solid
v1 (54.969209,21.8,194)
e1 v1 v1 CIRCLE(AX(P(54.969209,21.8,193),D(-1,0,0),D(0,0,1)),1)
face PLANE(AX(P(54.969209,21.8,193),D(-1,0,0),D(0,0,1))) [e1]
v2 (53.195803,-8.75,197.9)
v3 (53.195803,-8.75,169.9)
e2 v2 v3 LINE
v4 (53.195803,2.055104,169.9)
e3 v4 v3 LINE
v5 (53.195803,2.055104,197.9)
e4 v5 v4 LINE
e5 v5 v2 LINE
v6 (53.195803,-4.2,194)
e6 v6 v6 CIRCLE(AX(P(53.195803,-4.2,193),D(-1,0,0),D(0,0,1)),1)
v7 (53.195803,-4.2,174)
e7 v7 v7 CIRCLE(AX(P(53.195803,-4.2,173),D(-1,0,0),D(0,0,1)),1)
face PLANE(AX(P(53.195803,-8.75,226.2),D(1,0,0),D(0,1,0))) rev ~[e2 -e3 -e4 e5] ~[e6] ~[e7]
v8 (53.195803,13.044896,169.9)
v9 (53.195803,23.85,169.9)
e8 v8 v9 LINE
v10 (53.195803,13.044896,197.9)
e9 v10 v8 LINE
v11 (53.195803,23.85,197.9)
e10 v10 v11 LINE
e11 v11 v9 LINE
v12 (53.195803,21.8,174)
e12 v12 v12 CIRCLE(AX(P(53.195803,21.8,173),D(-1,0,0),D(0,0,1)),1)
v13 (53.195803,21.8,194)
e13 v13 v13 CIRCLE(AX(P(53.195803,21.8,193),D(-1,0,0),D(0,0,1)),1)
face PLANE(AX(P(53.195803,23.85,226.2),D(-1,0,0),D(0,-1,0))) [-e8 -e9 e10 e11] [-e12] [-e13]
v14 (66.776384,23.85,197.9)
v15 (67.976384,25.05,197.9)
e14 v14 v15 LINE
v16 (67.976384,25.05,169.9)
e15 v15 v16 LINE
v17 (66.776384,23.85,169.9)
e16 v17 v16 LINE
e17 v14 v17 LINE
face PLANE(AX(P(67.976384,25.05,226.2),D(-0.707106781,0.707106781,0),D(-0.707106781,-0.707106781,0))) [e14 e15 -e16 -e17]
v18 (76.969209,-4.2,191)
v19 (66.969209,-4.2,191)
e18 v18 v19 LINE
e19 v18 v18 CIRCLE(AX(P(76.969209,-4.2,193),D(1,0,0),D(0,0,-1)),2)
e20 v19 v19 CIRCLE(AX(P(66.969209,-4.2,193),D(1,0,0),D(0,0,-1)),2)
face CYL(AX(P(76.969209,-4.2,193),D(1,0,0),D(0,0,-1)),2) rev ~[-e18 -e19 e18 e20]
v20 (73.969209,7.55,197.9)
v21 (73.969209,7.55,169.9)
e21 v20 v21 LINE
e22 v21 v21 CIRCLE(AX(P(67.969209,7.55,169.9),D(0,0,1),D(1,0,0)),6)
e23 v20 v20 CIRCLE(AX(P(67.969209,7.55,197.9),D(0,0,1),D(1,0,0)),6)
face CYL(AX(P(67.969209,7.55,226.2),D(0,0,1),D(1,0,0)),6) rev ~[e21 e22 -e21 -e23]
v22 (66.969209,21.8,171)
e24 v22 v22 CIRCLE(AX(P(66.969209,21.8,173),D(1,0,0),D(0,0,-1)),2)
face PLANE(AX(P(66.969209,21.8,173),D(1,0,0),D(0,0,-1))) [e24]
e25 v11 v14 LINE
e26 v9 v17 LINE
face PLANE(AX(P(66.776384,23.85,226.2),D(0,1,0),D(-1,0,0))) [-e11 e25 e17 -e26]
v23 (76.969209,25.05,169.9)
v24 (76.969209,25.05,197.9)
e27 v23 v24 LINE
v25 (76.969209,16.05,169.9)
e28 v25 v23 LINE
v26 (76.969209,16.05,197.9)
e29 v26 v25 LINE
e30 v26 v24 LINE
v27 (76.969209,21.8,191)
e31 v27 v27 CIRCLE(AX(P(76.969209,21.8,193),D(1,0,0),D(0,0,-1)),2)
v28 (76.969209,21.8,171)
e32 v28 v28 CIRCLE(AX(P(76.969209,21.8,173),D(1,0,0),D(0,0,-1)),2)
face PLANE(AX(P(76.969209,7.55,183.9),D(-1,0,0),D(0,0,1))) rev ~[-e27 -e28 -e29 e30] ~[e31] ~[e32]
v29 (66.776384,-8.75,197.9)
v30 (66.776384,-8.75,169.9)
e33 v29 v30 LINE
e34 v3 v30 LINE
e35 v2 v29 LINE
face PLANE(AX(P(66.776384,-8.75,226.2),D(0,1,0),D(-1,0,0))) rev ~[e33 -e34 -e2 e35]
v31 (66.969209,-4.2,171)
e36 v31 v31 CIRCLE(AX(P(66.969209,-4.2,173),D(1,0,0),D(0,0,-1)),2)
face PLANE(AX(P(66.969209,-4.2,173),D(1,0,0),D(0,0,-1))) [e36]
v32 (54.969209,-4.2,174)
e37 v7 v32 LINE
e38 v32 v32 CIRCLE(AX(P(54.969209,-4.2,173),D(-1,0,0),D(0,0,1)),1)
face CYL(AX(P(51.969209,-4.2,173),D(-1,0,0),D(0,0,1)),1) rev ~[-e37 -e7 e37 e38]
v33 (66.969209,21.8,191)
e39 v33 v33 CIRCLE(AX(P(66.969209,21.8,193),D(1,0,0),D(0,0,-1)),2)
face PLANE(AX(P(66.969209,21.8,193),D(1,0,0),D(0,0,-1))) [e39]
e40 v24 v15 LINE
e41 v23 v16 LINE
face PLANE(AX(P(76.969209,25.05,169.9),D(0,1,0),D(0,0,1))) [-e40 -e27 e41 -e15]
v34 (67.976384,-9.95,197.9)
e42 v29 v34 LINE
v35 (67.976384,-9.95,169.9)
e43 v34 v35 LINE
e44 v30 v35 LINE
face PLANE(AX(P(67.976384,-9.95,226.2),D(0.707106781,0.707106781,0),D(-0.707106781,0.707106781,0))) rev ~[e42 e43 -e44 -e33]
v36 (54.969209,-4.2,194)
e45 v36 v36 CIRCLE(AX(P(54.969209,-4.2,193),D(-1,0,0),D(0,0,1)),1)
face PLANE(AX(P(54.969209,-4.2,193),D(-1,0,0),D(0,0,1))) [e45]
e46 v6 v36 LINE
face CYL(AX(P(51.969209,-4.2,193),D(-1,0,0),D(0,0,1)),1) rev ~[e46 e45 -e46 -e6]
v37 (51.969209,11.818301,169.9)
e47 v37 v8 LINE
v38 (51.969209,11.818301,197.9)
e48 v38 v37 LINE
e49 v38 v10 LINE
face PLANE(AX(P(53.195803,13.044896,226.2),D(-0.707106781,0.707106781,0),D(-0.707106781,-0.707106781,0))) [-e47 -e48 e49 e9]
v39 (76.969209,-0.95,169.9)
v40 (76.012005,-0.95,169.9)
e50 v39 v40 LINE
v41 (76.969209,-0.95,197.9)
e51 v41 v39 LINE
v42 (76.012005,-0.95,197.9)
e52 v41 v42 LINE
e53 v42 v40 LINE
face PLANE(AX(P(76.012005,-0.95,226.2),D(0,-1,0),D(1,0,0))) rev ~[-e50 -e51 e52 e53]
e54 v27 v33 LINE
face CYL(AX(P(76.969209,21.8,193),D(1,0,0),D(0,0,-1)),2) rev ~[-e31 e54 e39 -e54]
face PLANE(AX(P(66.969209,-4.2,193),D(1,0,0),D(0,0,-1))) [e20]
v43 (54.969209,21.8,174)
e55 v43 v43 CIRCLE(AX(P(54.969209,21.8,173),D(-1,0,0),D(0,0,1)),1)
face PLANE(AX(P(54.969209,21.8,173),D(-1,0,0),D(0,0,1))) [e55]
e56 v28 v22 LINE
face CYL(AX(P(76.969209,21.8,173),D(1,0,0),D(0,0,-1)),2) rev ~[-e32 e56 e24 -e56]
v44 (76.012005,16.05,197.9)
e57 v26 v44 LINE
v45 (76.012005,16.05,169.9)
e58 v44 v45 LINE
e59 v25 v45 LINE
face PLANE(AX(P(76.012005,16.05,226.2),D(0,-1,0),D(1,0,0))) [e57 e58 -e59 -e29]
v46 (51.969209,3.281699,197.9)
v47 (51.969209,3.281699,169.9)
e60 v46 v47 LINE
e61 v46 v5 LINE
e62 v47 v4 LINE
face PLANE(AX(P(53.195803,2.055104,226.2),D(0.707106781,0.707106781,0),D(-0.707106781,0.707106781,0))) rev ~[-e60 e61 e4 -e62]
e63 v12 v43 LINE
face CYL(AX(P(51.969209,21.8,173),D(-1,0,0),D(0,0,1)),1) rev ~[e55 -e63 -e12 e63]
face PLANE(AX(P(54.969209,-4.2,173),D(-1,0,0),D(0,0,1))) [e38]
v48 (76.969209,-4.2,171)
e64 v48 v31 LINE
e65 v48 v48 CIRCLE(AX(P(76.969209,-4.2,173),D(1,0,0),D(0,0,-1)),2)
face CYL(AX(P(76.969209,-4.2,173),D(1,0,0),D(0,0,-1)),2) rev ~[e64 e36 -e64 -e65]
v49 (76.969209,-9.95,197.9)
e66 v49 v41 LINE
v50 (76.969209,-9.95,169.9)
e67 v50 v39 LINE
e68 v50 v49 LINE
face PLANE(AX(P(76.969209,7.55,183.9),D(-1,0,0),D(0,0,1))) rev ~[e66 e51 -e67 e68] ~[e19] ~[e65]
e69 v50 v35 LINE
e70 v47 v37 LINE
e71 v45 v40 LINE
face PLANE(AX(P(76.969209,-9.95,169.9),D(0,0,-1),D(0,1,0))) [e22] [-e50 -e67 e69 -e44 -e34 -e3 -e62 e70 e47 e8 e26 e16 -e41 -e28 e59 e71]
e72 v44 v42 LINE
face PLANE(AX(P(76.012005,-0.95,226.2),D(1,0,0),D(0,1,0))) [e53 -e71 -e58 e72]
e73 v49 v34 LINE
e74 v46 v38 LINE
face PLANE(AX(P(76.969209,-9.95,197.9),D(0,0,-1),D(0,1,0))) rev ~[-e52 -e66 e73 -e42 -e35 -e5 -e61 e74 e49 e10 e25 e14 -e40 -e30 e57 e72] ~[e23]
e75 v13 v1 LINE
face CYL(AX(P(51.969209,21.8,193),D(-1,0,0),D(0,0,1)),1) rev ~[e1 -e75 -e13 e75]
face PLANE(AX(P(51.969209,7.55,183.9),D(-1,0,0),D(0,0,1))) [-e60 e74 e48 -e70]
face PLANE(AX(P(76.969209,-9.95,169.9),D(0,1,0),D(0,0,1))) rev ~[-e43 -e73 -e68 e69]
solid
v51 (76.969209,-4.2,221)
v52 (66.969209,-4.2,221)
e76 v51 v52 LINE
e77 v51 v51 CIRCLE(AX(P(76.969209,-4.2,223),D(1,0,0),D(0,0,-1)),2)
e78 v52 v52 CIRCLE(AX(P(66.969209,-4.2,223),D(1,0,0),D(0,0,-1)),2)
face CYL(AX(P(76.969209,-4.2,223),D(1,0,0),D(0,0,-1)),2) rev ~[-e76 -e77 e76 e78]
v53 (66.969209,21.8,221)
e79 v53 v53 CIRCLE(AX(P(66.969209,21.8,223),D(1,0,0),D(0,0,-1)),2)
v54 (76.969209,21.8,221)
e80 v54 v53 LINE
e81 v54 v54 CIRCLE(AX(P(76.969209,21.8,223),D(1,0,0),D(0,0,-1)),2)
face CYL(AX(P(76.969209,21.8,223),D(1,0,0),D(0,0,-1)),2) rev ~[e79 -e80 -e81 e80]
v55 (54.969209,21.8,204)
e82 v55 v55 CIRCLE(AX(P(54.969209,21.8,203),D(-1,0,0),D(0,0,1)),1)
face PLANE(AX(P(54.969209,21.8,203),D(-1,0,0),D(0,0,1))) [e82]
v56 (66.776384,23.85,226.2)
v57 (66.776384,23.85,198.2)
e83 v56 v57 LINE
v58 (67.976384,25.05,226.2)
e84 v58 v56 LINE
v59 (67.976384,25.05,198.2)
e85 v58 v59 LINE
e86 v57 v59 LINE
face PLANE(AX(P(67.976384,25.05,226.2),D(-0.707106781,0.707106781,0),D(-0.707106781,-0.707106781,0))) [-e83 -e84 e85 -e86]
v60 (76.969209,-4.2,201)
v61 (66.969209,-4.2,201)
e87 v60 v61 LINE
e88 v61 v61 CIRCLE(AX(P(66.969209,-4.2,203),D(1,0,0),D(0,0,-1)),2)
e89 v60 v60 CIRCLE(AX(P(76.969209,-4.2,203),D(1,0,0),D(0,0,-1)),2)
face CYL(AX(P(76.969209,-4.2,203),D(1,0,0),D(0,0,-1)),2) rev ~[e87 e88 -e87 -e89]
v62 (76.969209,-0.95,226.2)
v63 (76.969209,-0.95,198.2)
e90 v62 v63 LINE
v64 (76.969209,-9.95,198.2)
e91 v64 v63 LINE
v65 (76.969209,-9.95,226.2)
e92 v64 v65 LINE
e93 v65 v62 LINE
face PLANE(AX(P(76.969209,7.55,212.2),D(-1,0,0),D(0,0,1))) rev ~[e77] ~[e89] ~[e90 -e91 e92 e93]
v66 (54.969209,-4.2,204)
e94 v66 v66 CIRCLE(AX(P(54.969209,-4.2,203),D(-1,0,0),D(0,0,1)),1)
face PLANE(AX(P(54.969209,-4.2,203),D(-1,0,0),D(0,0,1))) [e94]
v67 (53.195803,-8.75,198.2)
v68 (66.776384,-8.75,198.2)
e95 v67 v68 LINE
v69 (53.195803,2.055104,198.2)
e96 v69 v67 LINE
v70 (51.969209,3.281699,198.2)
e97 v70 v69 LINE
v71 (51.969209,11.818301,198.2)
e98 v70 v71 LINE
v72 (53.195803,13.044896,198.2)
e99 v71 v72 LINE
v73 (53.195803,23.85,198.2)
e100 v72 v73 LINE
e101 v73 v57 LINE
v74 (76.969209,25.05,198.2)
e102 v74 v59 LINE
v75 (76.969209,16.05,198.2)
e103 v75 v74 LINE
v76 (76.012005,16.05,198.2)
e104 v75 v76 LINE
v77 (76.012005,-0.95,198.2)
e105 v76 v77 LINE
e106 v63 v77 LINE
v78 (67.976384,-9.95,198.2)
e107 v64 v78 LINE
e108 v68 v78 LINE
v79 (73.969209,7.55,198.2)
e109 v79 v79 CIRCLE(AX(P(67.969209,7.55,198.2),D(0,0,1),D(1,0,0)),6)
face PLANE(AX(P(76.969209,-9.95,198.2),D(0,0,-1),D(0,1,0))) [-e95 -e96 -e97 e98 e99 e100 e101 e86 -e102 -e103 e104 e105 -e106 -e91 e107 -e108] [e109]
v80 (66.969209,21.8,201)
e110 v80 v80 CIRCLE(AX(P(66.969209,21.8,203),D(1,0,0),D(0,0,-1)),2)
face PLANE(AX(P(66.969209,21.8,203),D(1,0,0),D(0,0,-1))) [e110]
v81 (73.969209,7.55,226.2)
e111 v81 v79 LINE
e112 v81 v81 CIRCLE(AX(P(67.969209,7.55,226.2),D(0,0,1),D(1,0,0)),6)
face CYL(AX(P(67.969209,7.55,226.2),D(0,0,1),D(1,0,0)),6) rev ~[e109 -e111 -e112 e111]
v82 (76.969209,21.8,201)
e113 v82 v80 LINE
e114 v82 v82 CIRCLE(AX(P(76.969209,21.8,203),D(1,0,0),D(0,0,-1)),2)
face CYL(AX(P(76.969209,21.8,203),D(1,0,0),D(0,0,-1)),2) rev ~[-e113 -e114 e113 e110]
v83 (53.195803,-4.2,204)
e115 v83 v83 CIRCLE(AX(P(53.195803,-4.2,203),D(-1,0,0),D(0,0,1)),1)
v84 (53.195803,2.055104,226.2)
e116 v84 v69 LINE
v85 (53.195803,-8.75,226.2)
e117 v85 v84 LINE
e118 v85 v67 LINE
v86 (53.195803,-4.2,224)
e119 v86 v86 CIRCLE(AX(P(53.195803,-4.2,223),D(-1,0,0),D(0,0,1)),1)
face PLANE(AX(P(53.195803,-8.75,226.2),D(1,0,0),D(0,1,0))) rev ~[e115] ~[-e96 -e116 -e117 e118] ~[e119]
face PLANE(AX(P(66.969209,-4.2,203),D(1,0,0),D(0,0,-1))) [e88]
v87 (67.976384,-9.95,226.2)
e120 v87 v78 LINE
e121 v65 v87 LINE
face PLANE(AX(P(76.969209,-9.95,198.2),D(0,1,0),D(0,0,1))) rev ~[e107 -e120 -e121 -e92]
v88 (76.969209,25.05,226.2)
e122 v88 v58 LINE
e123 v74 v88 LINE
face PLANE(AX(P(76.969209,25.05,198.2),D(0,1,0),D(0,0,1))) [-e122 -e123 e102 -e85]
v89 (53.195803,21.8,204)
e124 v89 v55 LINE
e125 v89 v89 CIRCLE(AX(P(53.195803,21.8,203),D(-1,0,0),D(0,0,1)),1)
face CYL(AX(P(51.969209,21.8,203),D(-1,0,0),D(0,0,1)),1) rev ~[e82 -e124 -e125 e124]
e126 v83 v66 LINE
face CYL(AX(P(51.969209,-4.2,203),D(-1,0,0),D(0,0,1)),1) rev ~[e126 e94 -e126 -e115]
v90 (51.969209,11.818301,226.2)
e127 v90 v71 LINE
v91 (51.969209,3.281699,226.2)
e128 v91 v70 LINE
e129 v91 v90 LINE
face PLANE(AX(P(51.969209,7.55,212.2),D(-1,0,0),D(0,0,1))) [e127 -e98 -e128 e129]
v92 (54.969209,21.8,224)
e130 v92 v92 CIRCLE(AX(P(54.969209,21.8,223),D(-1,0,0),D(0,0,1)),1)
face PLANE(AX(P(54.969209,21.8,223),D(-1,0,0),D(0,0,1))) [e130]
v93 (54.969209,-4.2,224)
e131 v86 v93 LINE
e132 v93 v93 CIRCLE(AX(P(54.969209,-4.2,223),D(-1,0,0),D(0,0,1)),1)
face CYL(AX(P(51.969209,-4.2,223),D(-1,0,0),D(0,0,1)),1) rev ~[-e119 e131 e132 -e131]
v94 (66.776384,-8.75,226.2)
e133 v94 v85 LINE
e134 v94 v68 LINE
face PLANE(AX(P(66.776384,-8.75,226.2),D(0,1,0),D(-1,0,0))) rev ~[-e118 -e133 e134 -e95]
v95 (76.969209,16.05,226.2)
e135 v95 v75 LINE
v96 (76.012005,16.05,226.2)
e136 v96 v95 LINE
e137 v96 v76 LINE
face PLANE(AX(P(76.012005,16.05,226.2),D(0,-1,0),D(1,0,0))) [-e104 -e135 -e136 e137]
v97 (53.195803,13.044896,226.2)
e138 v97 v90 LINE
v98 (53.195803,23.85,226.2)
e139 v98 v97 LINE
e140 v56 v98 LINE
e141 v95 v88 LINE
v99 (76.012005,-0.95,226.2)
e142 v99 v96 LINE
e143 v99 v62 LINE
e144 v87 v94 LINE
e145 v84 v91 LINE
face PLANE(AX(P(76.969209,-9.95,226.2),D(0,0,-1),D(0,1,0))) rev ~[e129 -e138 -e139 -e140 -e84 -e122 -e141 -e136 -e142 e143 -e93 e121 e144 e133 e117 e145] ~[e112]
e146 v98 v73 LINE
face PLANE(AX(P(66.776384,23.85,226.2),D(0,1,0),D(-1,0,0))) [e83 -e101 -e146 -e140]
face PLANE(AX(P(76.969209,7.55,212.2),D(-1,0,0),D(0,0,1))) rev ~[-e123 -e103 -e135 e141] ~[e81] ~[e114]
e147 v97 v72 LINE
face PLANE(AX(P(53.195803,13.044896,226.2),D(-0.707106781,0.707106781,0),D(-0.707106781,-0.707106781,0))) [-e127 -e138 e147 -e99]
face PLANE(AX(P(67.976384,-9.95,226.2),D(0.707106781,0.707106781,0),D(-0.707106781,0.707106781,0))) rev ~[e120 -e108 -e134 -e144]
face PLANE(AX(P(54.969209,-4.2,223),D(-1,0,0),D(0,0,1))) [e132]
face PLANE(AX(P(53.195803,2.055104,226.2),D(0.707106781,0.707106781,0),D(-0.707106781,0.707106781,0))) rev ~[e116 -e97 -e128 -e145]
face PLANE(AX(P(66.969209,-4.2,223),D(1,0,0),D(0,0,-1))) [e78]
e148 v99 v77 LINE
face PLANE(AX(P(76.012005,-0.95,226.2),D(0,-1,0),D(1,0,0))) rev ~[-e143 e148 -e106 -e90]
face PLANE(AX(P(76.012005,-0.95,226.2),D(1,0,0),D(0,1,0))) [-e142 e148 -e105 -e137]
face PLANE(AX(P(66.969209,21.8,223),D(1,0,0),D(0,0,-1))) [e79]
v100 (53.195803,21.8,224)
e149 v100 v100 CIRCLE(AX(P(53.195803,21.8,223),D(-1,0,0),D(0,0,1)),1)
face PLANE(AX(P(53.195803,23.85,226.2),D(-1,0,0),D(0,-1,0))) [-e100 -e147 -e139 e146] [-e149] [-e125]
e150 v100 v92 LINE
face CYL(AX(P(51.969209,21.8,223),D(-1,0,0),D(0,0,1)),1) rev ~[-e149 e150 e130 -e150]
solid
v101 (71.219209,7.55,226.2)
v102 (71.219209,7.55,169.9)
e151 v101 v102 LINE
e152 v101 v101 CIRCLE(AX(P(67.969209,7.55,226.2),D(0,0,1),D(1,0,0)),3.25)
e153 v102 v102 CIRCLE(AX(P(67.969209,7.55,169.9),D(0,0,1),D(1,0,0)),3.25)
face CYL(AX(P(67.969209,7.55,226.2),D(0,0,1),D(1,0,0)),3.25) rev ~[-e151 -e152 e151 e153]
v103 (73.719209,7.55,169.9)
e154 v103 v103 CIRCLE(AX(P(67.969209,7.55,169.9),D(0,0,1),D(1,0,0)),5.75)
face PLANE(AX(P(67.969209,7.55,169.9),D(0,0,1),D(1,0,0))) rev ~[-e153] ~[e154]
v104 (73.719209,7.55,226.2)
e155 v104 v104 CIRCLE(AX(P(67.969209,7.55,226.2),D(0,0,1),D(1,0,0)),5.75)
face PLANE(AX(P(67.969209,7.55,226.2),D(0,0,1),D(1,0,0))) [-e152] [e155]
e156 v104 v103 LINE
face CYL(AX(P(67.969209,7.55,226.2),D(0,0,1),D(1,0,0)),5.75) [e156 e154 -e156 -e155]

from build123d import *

# Parameters (mm, degrees)
SKETCH1_W             = 28
SKETCH1_H             = 35
BOSS_EXTRUDE1_DEPTH   = 25
BOSS_EXTRUDE1_2_DEPTH = 25
SKETCH4_R             = 2
CUT_EXTRUDE1_DEPTH    = 10
SKETCH5_R             = 1
CUT_EXTRUDE2_DEPTH    = 3
SKETCH6_R             = 6
CUT_EXTRUDE3_DEPTH    = 82
SKETCH7_W             = 0.957204126
SKETCH7_H             = 17
CUT_EXTRUDE4_DEPTH    = 82
CUT_EXTRUDE5_DEPTH    = 82
SKETCH9_R             = 5.75
SKETCH9_R_2           = 3.25
BOSS_EXTRUDE2_DEPTH   = 56.3


with BuildPart() as part:
    # Sketch1 → Boss-Extrude1 (new body)
    with BuildSketch(Plane.ZY.offset(-76.969208633)):
        with Locations((212.2, 7.55)):
            Rectangle(SKETCH1_W, SKETCH1_H)
    extrude(amount=BOSS_EXTRUDE1_DEPTH)


with BuildPart() as body_2:
    # Sketch1 → Boss-Extrude1 2 (new body)
    with BuildSketch(Plane.ZY.offset(-76.969208633)):
        with Locations((183.9, 7.55)):
            Rectangle(SKETCH1_W, SKETCH1_H)
    extrude(amount=BOSS_EXTRUDE1_2_DEPTH)


with BuildPart() as cut_extrude1_tool:
    # Sketch4 → Cut-Extrude1 (new body)
    with BuildSketch(Plane(origin=(76.969208633, 0, 0), x_dir=(0, 0, -1), z_dir=(1, 0, 0))):
        with Locations((-193, 21.8)):
            Circle(SKETCH4_R)
        with Locations((-173, 21.8)):
            Circle(SKETCH4_R)
        with Locations((-173, -4.2)):
            Circle(SKETCH4_R)
        with Locations((-193, -4.2)):
            Circle(SKETCH4_R)
        with Locations((-223, -4.2)):
            Circle(SKETCH4_R)
        with Locations((-203, -4.2)):
            Circle(SKETCH4_R)
        with Locations((-203, 21.8)):
            Circle(SKETCH4_R)
        with Locations((-223, 21.8)):
            Circle(SKETCH4_R)
    extrude(amount=-CUT_EXTRUDE1_DEPTH)


with BuildPart() as part_1:
    add(part.part)

    # Cut-Extrude1: cut by cut_extrude1_tool
    add(cut_extrude1_tool.part, mode=Mode.SUBTRACT)


with BuildPart() as body_2_1:
    add(body_2.part)

    # Cut-Extrude1: cut by cut_extrude1_tool
    add(cut_extrude1_tool.part, mode=Mode.SUBTRACT)


with BuildPart() as cut_extrude2_tool:
    # Sketch5 → Cut-Extrude2 (new body)
    with BuildSketch(Plane.ZY.offset(-51.969208633)):
        with Locations((223, 21.8)):
            Circle(SKETCH5_R)
        with Locations((223, -4.2)):
            Circle(SKETCH5_R)
        with Locations((203, -4.2)):
            Circle(SKETCH5_R)
        with Locations((203, 21.8)):
            Circle(SKETCH5_R)
        with Locations((193, 21.8)):
            Circle(SKETCH5_R)
        with Locations((193, -4.2)):
            Circle(SKETCH5_R)
        with Locations((173, -4.2)):
            Circle(SKETCH5_R)
        with Locations((173, 21.8)):
            Circle(SKETCH5_R)
    extrude(amount=-CUT_EXTRUDE2_DEPTH)


with BuildPart() as part_2:
    add(part_1.part)

    # Cut-Extrude2: cut by cut_extrude2_tool
    add(cut_extrude2_tool.part, mode=Mode.SUBTRACT)


with BuildPart() as body_2_2:
    add(body_2_1.part)

    # Cut-Extrude2: cut by cut_extrude2_tool
    add(cut_extrude2_tool.part, mode=Mode.SUBTRACT)


with BuildPart() as cut_extrude3_tool:
    # Sketch6 → Cut-Extrude3 (new body)
    with BuildSketch(Plane.XY.offset(226.2)):
        with Locations((67.969208633, 7.55)):
            Circle(SKETCH6_R)
    extrude(amount=-CUT_EXTRUDE3_DEPTH)


with BuildPart() as part_3:
    add(part_2.part)

    # Cut-Extrude3: cut by cut_extrude3_tool
    add(cut_extrude3_tool.part, mode=Mode.SUBTRACT)


with BuildPart() as body_2_3:
    add(body_2_2.part)

    # Cut-Extrude3: cut by cut_extrude3_tool
    add(cut_extrude3_tool.part, mode=Mode.SUBTRACT)


with BuildPart() as cut_extrude4_tool:
    # Sketch7 → Cut-Extrude4 (new body)
    with BuildSketch(Plane.XY.offset(226.2)):
        with Locations((76.49060657, 7.55)):
            Rectangle(SKETCH7_W, SKETCH7_H)
    extrude(amount=-CUT_EXTRUDE4_DEPTH)


with BuildPart() as part_4:
    add(part_3.part)

    # Cut-Extrude4: cut by cut_extrude4_tool
    add(cut_extrude4_tool.part, mode=Mode.SUBTRACT)


with BuildPart() as body_2_4:
    add(body_2_3.part)

    # Cut-Extrude4: cut by cut_extrude4_tool
    add(cut_extrude4_tool.part, mode=Mode.SUBTRACT)


with BuildPart() as cut_extrude5_tool:
    # Sketch8 → Cut-Extrude5 (new body)
    with BuildSketch(Plane.XY.offset(226.2)):
        Polygon((67.976384402, 25.05), (66.776384402, 23.85), (53.195802703, 23.85), (53.195802703, 13.044895511), (51.969208633, 11.818301441), (51.969208633, 25.05), align=None)
        Polygon((53.195802703, 2.055104489), (51.969208633, 3.281698559), (51.969208633, -9.95), (67.976384402, -9.95), (66.776384402, -8.75), (53.195802703, -8.75), align=None)
    extrude(amount=-CUT_EXTRUDE5_DEPTH)


with BuildPart() as part_5:
    add(part_4.part)

    # Cut-Extrude5: cut by cut_extrude5_tool
    add(cut_extrude5_tool.part, mode=Mode.SUBTRACT)


with BuildPart() as body_2_5:
    add(body_2_4.part)

    # Cut-Extrude5: cut by cut_extrude5_tool
    add(cut_extrude5_tool.part, mode=Mode.SUBTRACT)


with BuildPart() as body_3:
    # Sketch9 → Boss-Extrude2 (new body)
    with BuildSketch(Plane.XY.offset(226.2)):
        with Locations((67.969208633, 7.55)):
            Circle(SKETCH9_R)
        with Locations((67.969208633, 7.55)):
            Circle(SKETCH9_R_2, mode=Mode.SUBTRACT)
    extrude(amount=-BOSS_EXTRUDE2_DEPTH)


solid = Compound([part_5.part, body_2_5.part, body_3.part])
